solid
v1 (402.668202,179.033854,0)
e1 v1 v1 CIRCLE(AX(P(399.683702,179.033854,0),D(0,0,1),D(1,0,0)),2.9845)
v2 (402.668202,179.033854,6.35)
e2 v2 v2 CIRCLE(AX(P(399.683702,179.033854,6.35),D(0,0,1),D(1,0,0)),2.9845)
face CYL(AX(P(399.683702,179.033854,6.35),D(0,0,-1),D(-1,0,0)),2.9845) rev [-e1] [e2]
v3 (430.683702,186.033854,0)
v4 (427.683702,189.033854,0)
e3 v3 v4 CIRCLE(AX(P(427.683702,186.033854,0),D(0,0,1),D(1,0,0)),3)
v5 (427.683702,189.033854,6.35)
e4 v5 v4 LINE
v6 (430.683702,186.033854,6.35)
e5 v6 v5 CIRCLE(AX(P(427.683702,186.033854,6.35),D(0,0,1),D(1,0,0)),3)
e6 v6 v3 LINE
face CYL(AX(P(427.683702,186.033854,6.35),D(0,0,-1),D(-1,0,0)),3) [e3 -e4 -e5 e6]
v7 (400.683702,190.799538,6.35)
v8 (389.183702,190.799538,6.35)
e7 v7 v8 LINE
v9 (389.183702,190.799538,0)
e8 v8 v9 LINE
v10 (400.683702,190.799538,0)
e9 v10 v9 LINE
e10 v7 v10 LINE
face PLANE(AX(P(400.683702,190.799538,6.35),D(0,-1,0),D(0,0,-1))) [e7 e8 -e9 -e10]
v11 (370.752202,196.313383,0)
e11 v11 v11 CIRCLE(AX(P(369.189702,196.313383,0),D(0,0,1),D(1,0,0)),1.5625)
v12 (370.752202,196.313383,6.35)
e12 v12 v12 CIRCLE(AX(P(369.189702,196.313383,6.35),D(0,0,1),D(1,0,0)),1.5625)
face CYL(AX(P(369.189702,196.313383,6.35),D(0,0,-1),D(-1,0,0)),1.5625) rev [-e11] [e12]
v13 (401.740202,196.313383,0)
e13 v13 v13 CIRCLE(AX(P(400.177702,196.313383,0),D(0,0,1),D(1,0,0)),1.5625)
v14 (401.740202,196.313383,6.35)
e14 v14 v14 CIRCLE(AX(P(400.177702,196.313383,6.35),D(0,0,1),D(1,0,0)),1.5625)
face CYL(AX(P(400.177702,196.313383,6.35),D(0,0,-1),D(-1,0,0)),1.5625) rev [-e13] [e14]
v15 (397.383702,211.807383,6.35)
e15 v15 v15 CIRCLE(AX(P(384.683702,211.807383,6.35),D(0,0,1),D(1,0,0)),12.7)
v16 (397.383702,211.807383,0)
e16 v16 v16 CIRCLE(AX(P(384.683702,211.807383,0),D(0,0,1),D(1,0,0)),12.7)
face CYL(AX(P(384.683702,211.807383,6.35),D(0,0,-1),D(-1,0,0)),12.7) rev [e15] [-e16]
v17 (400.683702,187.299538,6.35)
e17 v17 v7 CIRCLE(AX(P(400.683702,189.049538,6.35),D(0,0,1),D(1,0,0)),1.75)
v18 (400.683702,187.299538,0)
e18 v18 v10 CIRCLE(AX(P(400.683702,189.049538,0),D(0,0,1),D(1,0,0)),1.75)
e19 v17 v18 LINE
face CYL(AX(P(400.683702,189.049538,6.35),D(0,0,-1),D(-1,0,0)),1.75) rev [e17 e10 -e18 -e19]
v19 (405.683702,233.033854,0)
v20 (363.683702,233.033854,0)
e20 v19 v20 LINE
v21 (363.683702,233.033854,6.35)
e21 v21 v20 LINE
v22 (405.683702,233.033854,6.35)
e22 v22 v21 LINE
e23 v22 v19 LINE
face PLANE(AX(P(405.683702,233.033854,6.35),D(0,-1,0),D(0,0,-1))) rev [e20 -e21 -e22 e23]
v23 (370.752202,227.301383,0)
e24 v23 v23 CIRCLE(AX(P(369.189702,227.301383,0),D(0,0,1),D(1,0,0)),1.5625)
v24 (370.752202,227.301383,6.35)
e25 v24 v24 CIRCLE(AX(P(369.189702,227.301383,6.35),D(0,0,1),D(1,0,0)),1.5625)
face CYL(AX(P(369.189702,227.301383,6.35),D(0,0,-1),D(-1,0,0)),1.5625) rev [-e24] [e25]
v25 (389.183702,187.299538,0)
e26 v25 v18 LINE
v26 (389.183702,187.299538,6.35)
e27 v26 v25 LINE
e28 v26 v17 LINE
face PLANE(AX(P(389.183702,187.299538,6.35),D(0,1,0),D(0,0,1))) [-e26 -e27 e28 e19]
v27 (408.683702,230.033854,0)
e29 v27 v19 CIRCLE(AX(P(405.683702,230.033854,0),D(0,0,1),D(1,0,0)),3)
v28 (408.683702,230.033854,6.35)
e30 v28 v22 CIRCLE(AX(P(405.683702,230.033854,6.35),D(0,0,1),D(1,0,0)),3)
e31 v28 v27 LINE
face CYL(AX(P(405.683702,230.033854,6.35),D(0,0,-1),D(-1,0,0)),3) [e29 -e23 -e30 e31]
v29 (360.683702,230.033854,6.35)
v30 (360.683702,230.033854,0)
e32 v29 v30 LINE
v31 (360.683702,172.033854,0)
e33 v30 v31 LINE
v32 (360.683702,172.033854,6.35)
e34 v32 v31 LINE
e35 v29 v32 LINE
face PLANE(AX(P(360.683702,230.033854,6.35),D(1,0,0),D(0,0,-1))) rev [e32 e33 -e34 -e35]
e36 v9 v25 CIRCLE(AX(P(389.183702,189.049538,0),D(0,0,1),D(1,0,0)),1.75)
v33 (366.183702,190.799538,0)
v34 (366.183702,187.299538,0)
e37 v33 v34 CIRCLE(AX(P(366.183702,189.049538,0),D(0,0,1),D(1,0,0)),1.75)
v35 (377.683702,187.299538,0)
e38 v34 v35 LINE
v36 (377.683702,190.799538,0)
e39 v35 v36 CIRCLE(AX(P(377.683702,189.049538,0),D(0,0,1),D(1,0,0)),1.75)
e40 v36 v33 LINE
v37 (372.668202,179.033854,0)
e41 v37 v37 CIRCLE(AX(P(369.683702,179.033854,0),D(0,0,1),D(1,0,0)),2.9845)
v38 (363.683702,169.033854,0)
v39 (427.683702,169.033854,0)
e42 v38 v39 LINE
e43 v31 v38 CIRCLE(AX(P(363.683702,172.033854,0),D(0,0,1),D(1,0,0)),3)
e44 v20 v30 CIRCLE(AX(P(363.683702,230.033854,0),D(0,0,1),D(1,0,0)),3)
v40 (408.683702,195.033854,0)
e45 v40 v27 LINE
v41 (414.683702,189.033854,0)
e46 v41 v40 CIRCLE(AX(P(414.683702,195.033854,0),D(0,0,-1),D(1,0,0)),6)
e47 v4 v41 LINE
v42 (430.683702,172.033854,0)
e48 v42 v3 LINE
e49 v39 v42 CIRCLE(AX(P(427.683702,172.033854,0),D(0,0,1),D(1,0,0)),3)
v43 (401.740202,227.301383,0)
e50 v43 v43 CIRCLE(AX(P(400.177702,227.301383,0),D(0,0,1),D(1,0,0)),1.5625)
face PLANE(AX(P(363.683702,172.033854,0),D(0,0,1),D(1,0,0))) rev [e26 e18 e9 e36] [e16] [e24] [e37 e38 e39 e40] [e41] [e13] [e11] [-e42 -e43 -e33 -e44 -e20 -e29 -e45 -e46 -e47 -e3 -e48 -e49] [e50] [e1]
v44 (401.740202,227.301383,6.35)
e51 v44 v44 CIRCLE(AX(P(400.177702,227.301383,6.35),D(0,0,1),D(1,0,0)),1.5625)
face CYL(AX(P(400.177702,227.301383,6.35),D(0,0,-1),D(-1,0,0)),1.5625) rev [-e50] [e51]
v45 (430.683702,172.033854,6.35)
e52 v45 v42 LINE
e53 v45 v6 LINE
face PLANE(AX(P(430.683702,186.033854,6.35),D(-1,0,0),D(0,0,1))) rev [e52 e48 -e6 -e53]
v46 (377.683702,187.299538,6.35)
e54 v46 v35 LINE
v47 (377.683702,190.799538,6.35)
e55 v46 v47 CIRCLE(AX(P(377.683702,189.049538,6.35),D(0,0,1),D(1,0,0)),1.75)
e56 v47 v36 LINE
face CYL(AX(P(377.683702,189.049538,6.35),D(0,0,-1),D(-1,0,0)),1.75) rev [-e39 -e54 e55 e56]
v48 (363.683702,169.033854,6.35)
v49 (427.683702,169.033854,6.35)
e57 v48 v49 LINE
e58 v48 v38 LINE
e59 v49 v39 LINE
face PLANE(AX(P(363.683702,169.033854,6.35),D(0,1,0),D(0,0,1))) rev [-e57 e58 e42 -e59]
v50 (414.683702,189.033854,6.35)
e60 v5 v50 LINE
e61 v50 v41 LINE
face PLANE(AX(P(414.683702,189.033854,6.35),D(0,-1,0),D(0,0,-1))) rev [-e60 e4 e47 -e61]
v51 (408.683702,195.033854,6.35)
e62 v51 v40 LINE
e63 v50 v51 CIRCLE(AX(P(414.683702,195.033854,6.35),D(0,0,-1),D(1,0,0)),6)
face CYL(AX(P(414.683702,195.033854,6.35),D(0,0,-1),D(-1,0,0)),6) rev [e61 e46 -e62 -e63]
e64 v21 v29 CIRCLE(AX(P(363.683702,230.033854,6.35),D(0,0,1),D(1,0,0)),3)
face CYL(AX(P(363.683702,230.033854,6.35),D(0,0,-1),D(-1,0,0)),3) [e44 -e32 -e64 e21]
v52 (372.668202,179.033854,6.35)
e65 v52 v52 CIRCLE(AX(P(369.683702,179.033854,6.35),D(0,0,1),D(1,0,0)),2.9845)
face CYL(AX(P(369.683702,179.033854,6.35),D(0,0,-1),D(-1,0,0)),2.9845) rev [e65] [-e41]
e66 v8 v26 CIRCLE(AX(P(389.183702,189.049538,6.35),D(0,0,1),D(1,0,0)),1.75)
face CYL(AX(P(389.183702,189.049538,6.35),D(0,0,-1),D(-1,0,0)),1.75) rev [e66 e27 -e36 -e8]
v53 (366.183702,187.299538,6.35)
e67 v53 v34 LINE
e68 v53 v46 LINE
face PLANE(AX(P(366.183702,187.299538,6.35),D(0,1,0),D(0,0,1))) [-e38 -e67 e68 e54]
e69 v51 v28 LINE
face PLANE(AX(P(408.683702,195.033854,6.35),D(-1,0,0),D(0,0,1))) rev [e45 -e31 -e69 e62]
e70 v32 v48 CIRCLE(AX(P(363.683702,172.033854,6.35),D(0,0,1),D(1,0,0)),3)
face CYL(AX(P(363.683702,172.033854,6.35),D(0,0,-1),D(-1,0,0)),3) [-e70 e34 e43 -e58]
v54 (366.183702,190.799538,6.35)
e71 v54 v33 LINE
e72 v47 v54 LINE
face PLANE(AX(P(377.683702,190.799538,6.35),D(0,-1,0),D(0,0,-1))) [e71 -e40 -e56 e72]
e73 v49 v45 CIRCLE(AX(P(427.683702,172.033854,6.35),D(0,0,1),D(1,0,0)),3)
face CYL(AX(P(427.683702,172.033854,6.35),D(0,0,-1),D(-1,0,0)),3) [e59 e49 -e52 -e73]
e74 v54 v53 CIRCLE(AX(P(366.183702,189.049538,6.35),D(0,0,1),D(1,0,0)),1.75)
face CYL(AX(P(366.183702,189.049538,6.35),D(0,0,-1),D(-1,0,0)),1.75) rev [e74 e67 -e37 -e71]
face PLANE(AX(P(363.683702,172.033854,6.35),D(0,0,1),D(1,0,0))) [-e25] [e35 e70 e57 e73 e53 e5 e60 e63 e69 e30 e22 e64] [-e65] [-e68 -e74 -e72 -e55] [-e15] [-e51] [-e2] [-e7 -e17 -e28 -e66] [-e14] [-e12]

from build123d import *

# Parameters (mm, degrees)
SKETCH1_R           = 2.9845
SKETCH1_R_2         = 1.562499999
SKETCH1_R_3         = 12.7
BOSS_EXTRUDE1_DEPTH = 6.35


with BuildPart() as part:
    # Sketch1 → Boss-Extrude1 (new body)
    with BuildSketch(Plane.XY):
        with BuildLine():
            Line((363.683701588, 169.033854224), (427.683701589, 169.033854224))
            ThreePointArc((427.683701589, 169.033854224), (429.805021933, 169.912533881), (430.68370159, 172.033854225))
            Line((430.68370159, 172.033854225), (430.68370159, 186.033854223))
            ThreePointArc((430.68370159, 186.033854223), (429.805021933, 188.155174567), (427.683701588, 189.033854223))
            Line((427.683701588, 189.033854223), (414.683701589, 189.033854223))
            ThreePointArc((414.683701589, 189.033854223), (410.4410609, 190.791213536), (408.683701587, 195.033854224))
            Line((408.683701587, 195.033854224), (408.683701587, 230.033854224))
            ThreePointArc((408.683701587, 230.033854224), (407.805021931, 232.155174567), (405.683701588, 233.033854223))
            Line((405.683701588, 233.033854223), (363.683701587, 233.033854223))
            ThreePointArc((363.683701587, 233.033854223), (361.562381244, 232.155174567), (360.683701588, 230.033854224))
            Line((360.683701588, 230.033854224), (360.683701588, 172.033854225))
            ThreePointArc((360.683701588, 172.033854225), (361.562381244, 169.912533881), (363.683701588, 169.033854224))
        make_face()
        with Locations((369.683701589, 179.033854223)):
            Circle(SKETCH1_R, mode=Mode.SUBTRACT)
        with Locations((399.683701589, 179.033854223)):
            Circle(SKETCH1_R, mode=Mode.SUBTRACT)
        with Locations((369.189701589, 196.313382783)):
            Circle(SKETCH1_R_2, mode=Mode.SUBTRACT)
        with Locations((400.177701589, 196.313382783)):
            Circle(SKETCH1_R_2, mode=Mode.SUBTRACT)
        with Locations((384.683701589, 211.807382783)):
            Circle(SKETCH1_R_3, mode=Mode.SUBTRACT)
        with Locations((369.189701589, 227.301382783)):
            Circle(SKETCH1_R_2, mode=Mode.SUBTRACT)
        with Locations((400.177701589, 227.301382783)):
            Circle(SKETCH1_R_2, mode=Mode.SUBTRACT)
        with BuildLine():
            Line((366.183701588, 187.299538128), (377.683701588, 187.299538128))
            ThreePointArc((377.683701588, 187.299538128), (379.433701588, 189.049538128), (377.683701588, 190.799538128))
            Line((377.683701588, 190.799538128), (366.183701588, 190.799538128))
            ThreePointArc((366.183701588, 190.799538128), (364.433701588, 189.049538128), (366.183701588, 187.299538128))
        make_face(mode=Mode.SUBTRACT)
        with BuildLine():
            Line((389.183701588, 187.299538128), (400.683701588, 187.299538128))
            ThreePointArc((400.683701588, 187.299538128), (402.433701588, 189.049538128), (400.683701588, 190.799538128))
            Line((400.683701588, 190.799538128), (389.183701588, 190.799538128))
            ThreePointArc((389.183701588, 190.799538128), (387.433701588, 189.049538128), (389.183701588, 187.299538128))
        make_face(mode=Mode.SUBTRACT)
    extrude(amount=BOSS_EXTRUDE1_DEPTH)


solid = part.part
